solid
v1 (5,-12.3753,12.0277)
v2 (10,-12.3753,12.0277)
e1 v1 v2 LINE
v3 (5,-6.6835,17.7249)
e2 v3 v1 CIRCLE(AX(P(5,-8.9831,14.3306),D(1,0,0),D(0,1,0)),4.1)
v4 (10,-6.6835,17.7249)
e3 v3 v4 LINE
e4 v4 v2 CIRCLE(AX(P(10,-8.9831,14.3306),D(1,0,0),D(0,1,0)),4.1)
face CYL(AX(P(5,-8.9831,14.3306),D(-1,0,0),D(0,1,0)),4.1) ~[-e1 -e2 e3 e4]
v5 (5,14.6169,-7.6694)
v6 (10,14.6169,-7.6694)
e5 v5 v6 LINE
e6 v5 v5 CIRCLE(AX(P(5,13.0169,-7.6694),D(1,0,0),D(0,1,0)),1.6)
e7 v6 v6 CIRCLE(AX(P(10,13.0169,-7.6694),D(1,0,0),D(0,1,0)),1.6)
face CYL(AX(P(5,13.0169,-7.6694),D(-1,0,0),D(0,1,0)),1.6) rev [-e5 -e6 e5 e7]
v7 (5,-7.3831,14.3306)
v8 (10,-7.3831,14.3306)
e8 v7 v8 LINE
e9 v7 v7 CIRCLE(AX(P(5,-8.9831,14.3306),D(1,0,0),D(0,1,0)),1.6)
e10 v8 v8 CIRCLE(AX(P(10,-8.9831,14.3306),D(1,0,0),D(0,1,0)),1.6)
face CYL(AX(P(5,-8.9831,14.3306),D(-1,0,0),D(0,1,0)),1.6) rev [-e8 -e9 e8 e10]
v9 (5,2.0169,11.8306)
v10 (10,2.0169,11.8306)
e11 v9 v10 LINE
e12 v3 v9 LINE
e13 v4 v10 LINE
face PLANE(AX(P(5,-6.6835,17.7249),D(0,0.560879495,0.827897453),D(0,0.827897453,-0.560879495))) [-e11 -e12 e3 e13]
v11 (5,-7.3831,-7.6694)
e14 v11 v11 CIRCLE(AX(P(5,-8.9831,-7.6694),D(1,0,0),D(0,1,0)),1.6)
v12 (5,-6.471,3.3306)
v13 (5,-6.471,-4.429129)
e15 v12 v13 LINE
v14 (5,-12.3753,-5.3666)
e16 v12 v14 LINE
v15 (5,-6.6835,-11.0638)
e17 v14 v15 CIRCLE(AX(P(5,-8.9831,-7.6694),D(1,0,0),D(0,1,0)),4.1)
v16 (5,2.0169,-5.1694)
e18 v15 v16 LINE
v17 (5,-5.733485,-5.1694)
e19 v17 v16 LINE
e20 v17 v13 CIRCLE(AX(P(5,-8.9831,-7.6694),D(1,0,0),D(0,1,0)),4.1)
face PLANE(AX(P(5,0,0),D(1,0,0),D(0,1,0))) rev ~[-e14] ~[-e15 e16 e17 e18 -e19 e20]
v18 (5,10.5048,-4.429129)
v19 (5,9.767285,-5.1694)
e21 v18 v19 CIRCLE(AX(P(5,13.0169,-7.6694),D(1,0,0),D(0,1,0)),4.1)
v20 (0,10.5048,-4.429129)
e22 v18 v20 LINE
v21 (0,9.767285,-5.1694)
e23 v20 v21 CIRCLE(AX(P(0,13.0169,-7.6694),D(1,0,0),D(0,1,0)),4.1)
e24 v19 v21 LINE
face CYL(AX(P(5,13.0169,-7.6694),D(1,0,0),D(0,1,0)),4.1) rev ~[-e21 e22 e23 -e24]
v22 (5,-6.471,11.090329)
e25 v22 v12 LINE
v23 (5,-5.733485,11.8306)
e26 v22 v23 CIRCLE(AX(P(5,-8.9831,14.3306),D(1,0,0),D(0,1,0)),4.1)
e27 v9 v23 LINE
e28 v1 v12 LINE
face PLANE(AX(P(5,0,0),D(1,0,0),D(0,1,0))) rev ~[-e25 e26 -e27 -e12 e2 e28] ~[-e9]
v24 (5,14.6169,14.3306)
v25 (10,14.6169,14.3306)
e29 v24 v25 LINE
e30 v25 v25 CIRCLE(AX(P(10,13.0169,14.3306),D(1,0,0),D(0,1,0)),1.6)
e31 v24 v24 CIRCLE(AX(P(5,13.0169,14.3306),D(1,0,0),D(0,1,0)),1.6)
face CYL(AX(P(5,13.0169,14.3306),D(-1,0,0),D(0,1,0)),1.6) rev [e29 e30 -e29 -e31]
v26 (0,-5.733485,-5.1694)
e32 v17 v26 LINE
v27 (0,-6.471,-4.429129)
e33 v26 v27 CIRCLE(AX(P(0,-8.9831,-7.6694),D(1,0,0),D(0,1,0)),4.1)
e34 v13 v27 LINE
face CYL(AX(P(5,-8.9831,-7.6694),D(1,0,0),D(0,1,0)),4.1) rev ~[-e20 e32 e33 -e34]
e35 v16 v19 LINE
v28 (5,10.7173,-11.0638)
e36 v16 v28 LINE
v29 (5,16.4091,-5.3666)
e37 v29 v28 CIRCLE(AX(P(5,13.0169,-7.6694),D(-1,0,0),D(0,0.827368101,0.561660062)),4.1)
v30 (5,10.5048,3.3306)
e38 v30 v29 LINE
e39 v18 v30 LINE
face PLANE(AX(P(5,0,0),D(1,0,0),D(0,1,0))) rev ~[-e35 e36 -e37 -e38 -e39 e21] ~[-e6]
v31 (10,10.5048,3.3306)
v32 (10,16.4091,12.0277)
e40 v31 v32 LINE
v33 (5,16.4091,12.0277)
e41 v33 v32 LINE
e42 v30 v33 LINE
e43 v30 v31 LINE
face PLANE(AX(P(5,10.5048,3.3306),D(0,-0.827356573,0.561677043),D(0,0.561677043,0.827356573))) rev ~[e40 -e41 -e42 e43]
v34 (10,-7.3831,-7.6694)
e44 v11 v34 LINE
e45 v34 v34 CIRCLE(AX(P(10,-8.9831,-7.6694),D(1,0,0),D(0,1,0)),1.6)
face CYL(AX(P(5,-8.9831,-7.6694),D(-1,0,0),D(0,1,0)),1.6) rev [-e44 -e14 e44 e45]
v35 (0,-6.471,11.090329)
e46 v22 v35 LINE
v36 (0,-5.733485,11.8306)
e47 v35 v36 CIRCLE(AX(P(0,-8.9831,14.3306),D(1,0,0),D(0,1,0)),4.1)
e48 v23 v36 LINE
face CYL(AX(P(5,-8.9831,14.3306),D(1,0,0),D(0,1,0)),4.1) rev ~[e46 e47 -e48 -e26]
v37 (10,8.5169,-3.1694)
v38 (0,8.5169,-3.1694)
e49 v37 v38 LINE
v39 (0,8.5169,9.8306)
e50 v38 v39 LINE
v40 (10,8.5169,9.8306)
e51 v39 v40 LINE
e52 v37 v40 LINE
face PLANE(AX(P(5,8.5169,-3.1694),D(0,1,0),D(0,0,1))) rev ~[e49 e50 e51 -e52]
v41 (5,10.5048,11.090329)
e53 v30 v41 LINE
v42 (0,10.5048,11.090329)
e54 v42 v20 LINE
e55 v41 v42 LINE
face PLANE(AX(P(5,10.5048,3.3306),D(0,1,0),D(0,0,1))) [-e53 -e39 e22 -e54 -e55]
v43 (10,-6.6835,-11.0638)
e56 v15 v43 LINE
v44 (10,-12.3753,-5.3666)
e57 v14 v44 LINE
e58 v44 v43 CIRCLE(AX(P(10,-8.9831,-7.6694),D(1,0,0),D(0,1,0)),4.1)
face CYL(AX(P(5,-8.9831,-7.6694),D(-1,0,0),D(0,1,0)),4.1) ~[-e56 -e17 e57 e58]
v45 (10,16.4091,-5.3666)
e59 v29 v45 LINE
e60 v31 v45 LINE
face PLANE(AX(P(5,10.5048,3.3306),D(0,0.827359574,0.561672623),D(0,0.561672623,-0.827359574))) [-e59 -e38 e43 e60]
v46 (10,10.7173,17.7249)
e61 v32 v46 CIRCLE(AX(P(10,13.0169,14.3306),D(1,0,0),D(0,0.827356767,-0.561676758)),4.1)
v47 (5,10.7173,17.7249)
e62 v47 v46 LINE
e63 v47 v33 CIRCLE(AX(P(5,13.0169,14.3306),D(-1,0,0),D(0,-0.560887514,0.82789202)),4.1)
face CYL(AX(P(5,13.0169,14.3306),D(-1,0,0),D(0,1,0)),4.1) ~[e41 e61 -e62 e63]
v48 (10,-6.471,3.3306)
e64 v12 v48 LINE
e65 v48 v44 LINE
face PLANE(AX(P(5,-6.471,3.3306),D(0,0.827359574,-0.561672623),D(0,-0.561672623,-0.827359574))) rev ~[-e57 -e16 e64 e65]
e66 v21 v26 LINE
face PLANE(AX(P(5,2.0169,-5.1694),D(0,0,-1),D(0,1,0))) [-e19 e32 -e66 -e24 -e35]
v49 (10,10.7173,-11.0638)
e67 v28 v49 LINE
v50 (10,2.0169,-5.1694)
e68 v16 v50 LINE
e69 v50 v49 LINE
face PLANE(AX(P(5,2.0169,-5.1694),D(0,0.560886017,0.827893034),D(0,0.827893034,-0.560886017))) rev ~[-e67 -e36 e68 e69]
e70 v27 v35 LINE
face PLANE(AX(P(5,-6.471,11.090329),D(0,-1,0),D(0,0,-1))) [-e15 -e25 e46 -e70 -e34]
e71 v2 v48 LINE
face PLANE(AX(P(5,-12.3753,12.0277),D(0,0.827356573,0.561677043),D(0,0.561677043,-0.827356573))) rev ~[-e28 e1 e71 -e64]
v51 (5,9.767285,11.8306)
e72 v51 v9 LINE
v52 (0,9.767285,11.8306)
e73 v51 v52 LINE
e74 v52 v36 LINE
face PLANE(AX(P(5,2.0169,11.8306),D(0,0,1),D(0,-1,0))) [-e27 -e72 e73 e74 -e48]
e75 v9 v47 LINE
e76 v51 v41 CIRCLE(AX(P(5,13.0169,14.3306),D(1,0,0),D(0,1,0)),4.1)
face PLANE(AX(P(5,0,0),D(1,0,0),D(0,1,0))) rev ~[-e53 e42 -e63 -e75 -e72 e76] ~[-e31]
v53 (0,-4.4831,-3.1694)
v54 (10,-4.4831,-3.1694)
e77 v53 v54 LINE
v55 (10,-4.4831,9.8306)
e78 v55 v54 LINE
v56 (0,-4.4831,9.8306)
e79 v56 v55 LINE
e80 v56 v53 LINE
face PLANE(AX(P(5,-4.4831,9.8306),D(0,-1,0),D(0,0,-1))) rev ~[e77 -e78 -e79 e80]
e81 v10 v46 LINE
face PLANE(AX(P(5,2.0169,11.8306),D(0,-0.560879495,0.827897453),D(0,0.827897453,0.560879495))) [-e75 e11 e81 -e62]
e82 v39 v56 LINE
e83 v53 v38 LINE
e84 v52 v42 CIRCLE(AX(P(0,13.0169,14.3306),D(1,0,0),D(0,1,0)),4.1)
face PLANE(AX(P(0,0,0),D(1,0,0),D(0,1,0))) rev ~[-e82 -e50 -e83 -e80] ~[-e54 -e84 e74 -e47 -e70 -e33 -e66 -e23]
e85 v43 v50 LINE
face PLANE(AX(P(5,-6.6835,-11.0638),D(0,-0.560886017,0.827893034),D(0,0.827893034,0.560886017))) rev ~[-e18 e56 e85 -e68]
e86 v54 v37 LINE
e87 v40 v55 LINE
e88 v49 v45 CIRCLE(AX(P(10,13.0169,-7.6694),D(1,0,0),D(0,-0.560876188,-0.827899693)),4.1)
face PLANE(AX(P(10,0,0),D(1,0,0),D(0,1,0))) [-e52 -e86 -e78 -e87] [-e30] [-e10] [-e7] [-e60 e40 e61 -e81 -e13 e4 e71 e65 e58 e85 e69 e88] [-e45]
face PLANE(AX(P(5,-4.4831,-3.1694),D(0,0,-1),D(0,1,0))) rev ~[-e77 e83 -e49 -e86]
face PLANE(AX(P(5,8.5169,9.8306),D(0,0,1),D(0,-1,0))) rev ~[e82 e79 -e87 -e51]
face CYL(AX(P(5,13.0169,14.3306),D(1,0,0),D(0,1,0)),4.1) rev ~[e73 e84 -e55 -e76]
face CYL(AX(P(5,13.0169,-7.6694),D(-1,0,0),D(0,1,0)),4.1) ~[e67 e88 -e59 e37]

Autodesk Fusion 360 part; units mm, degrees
sketch "Sketch2" plane through (5, 0, 0) normal (1, 0, 0) x (0, 1, 0)
  line L0 (16.9637, 18.2844) -> (-13.0292, -11.7227) construction
  line L1 (-12.9363, 18.2856) -> (17.0619, -11.7162) construction
  circle A0 centre (13.0169, 14.3306) radius 1.6
  circle A1 centre (-8.9831, 14.3306) radius 1.6
  circle A2 centre (-8.9831, -7.6694) radius 1.6
  circle A3 centre (13.0169, -7.6694) radius 1.6
  circle A4 centre (-8.9831, 14.3306) radius 4.1
  circle A5 centre (13.0169, 14.3306) radius 4.1
  circle A6 centre (-8.9831, -7.6694) radius 4.1
  line L2 (9.4619, 10.7862) -> (-5.5274, -4.2245) construction
  line L3 (-6.6835, 17.7249) -> (2.0169, 11.8306)
  line L4 (2.0169, 11.8306) -> (10.7173, 17.7249)
  line L5 (-12.3753, 12.0277) -> (-6.471, 3.3306)
  line L6 (-6.471, 3.3306) -> (-12.3753, -5.3666)
  line L7 (-6.6835, -11.0638) -> (2.0169, -5.1694)
  line L8 (10.5048, 3.3306) -> (16.4091, 12.0277)
  circle A7 centre (13.0169, -7.6694) radius 4.1
  line L9 (10.5048, 3.3306) -> (16.4091, -5.3666)
  line L10 (2.0169, -5.1694) -> (10.7173, -11.0638)
  line L11 (-4.4831, -3.1694) -> (8.5169, -3.1694)
  line L12 (8.5169, -3.1694) -> (8.5169, 9.8306)
  line L13 (8.5169, 9.8306) -> (-4.4831, 9.8306)
  line L14 (-4.4831, 9.8306) -> (-4.4831, -3.1694)
  line L15 (-4.4831, -3.1694) -> (8.5169, 9.8306) construction
  line L16 (8.5169, -3.1694) -> (-4.4831, 9.8306) construction
  line L17 (10.5048, 11.8306) -> (-6.471, 11.8306)
  line L18 (-6.471, 11.8306) -> (-6.471, -5.1694)
  line L19 (-6.471, -5.1694) -> (10.5048, -5.1694)
  line L20 (10.5048, -5.1694) -> (10.5048, 11.8306)
  line L21 (10.5048, 11.8306) -> (-6.471, -5.1694) construction
  line L22 (-6.471, 11.8306) -> (10.5048, -5.1694) construction
  point P0 (2.0169, 3.3306)
  point P1 (2.0169, 3.3306)
  point P2 (2.0169, 3.3306)
  point P3 (2.0169, 3.3306)
  point P4 (2.0169, 3.3306)
  dimension "d11" = 3.2
  dimension "d12" = 11
  dimension "d13" = 3.2
  dimension "d14" = 3.2
  dimension "d15" = 3.2
  dimension "d18" = 11
  dimension "d19" = 22
  dimension "d20" = 8.2
  dimension "d21" = 8.2
  dimension "d22" = 8.2
  dimension "d23" = 8.2
  dimension "d33" = 13
  dimension "d34" = 17
  dimension "d35" = 22
extrude "Extrude8" add sketch "Sketch2" along normal blind 5 contours A4 L17 L18 | A4 L3 L17 | A4 A5 A6 A7 L17 L18 L19 L20 | A4 L17 L18 | A4 L5 L18 | A5 L4 L17 | A6 L6 L18 | A5 L17 L20 | A5 L17 L20 | A6 L18 L19 | A6 L18 L19 | A5 L8 L20 | A6 L7 L19 | A7 L9 L20 | A7 L10 L19 | A7 L19 L20 | A7 L19 L20 | L11 L12 L13 L14
extrude "Extrude9" add sketch "Sketch2" against normal blind 5 contours A4 A5 A6 A7 L17 L18 L19 L20
extrude "Extrude10" cut sketch "Sketch2" along normal blind 5 contours L11 L12 L13 L14
extrude "Extrude3" [suppressed]
equation "d11 = motorScrewHole"
equation "d12 = ( 22 / 2 ) * 1 mm"
equation "d13 = motorScrewHole"
equation "d14 = motorScrewHole"
equation "d15 = motorScrewHole"
equation "motorScrewHole = 3.2 mm" comment "poo"
equation "d18 = ( 22 / 2 ) * 1 mm"
equation "d20 = motorScrewHole + 5 mm"
equation "d21 = motorScrewHole + 5 mm"
equation "d22 = motorScrewHole + 5 mm"
equation "d23 = motorScrewHole + 5 mm"
